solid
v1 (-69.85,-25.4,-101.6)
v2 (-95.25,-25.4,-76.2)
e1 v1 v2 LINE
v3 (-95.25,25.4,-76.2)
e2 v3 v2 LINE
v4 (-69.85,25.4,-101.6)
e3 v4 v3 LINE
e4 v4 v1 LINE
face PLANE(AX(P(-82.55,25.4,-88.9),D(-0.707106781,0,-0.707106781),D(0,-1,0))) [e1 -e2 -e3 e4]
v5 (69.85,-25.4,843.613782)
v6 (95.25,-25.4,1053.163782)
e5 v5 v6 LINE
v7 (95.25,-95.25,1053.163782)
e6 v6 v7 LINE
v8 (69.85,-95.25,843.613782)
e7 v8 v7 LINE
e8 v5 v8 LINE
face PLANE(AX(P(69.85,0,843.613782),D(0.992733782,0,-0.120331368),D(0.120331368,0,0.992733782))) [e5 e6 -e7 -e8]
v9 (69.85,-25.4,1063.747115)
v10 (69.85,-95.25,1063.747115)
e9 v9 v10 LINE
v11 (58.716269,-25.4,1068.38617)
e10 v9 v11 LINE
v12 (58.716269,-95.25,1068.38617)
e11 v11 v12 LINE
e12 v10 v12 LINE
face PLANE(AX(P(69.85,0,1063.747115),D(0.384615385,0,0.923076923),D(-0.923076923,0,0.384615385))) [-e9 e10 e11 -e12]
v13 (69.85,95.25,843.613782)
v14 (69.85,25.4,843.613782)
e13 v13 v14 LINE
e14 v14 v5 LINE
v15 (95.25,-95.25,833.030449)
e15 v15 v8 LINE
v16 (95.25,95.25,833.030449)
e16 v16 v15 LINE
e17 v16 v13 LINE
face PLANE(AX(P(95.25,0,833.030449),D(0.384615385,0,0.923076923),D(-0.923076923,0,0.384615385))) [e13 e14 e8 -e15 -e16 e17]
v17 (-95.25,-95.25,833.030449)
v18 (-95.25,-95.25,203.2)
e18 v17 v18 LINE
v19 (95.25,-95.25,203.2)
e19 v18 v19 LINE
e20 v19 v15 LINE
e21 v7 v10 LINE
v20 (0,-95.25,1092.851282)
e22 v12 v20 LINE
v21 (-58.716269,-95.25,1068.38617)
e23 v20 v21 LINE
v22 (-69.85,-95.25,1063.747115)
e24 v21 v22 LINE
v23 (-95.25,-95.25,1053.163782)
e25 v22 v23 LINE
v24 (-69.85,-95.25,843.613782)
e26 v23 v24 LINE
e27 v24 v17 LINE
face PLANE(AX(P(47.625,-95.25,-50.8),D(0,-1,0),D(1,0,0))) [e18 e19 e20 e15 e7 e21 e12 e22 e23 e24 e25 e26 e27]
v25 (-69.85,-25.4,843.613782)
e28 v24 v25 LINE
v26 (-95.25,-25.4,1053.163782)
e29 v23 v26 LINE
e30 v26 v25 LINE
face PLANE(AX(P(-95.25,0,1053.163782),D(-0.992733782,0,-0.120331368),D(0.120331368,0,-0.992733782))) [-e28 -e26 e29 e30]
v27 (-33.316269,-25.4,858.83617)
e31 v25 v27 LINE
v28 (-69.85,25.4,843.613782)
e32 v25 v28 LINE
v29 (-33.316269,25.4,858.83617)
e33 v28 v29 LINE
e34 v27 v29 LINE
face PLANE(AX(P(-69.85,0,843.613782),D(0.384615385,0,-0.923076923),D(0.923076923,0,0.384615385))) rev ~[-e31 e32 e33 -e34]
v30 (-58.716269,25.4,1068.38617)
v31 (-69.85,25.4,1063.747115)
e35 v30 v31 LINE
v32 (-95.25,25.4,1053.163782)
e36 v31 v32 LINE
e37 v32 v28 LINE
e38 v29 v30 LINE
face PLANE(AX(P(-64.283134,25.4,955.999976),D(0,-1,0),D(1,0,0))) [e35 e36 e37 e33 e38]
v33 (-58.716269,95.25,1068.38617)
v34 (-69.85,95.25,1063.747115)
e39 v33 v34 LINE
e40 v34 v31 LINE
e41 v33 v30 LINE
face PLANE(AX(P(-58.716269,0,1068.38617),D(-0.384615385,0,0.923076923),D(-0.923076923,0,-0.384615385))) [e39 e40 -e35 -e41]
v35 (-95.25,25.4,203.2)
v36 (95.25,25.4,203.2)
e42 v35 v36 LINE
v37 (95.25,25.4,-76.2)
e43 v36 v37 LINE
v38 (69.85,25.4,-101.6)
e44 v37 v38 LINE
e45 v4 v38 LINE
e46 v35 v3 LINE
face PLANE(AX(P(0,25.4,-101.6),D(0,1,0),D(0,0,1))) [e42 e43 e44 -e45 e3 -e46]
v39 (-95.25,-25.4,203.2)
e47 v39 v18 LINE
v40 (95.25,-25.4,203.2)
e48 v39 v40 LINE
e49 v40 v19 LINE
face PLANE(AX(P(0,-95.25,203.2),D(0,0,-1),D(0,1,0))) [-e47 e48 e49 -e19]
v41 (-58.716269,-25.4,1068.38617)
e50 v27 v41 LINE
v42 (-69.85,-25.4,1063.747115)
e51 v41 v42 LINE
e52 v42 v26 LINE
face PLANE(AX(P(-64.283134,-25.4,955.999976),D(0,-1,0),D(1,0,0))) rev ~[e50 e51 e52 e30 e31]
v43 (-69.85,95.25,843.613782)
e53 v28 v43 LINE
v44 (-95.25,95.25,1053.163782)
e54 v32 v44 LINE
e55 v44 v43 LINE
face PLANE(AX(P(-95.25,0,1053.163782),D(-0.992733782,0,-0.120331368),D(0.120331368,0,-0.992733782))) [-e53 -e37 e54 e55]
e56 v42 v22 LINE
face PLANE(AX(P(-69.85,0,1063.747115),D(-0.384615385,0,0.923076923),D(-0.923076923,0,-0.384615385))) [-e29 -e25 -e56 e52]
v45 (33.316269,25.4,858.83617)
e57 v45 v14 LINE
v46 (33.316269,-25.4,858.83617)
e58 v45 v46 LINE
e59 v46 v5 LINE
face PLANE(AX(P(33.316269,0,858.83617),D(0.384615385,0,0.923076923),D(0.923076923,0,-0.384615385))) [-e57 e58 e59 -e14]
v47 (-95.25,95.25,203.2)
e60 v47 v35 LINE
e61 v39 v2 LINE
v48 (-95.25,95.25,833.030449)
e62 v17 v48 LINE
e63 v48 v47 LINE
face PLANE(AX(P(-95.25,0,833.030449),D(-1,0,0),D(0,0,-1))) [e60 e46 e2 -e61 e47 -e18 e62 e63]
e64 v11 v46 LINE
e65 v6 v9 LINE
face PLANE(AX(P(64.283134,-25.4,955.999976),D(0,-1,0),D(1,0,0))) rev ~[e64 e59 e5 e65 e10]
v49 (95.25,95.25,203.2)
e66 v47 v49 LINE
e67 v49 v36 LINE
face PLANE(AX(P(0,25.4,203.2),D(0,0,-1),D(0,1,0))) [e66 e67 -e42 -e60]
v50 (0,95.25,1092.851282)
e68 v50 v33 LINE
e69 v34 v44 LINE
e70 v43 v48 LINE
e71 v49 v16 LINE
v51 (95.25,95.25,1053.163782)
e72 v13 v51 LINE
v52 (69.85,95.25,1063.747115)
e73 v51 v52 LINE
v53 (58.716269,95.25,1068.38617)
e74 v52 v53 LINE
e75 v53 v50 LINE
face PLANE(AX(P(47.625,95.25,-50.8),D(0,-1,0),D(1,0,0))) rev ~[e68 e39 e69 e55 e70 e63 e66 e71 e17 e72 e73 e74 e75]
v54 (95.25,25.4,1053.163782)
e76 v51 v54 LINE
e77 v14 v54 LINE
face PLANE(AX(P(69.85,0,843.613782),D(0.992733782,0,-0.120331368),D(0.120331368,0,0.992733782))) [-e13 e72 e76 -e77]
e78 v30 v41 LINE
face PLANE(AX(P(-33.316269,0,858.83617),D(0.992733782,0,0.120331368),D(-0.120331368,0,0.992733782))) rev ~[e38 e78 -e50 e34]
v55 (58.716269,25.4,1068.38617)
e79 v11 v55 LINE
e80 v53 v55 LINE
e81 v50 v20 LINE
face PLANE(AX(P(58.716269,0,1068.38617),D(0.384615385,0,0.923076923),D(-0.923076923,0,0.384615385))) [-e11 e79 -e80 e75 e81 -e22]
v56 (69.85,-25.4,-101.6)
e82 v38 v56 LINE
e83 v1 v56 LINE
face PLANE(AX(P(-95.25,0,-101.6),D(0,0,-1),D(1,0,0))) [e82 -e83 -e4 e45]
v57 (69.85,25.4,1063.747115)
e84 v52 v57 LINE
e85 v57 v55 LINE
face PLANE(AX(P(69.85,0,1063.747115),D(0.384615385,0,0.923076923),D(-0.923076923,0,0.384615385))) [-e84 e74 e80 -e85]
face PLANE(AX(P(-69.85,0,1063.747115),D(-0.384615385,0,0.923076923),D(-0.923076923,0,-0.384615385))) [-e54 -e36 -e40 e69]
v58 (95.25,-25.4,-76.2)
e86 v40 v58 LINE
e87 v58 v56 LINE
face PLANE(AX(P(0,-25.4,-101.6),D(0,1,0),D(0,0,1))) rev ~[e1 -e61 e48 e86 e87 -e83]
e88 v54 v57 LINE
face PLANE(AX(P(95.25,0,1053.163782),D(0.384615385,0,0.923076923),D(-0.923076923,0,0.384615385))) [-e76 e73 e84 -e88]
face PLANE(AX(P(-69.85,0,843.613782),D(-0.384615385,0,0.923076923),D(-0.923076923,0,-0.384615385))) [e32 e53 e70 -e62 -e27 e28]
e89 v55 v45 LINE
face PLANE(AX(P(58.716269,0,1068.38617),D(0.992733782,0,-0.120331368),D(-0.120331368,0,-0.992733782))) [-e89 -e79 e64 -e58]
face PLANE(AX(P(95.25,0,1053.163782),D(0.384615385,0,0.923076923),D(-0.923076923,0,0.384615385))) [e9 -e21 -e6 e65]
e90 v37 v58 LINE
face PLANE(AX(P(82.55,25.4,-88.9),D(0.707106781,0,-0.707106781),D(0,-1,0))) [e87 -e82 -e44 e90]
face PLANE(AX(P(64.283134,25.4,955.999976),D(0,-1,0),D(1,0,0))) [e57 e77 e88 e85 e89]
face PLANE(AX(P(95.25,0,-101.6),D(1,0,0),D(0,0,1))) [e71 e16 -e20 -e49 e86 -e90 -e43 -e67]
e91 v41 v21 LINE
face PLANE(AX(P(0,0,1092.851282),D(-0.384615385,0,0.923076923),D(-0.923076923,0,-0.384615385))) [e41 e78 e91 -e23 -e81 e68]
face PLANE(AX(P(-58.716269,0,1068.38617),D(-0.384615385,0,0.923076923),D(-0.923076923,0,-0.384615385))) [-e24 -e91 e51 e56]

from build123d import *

# Parameters (mm, degrees)
F0_W          = 95.25
F0_H          = 101.6
F1_DEPTH      = 95.25
F2_W          = 69.85
F2_H          = 304.8
F3_DEPTH      = 95.251
F3_DEPTH_BACK = 95.251
F5_SIZE       = 25.4
F6_SIZE       = 25.4
F8_DEPTH      = 25.4


with BuildPart() as f1:
    # F0 (on Front) → F1 (new body, symmetric)
    with BuildSketch(Plane.XZ):
        with Locations((47.625, -50.8)):
            Rectangle(F0_W, F0_H)
        with Locations((-47.625, -50.8)):
            Rectangle(F0_W, F0_H)
        Polygon((95.25, 203.2), (-95.25, 203.2), (-95.25, 0), (0, 0), (95.25, 0), align=None)
        Polygon((33.3162687146, 858.8361700868), (0, 872.7179487179), (-33.3162687146, 858.8361700868), (-69.85, 843.6137820513), (-95.25, 833.0304487179), (-95.25, 203.2), (95.25, 203.2), (95.25, 833.0304487179), (69.85, 843.6137820513), align=None)
        Polygon((0, 872.7179487179), (0, 1092.8512820513), (-58.7162687146, 1068.3861700868), (-33.3162687146, 858.8361700868), align=None)
        Polygon((58.7162687146, 1068.3861700868), (0, 1092.8512820513), (0, 872.7179487179), (33.3162687146, 858.8361700868), align=None)
        Polygon((-33.3162687146, 858.8361700868), (-58.7162687146, 1068.3861700868), (-69.85, 1063.7471153846), (-69.85, 843.6137820513), align=None)
        Polygon((69.85, 1063.7471153846), (58.7162687146, 1068.3861700868), (33.3162687146, 858.8361700868), (69.85, 843.6137820513), align=None)
        Polygon((-69.85, 1063.7471153846), (-95.25, 1053.1637820513), (-69.85, 843.6137820513), align=None)
        Polygon((69.85, 843.6137820513), (95.25, 1053.1637820513), (69.85, 1063.7471153846), align=None)
    extrude(amount=F1_DEPTH, both=True)

    # F2 (on Right) → F3 (cut, two sides)
    with BuildSketch(Plane.YZ) as f3_sk:
        with Locations((-60.325, 50.8)):
            Rectangle(F2_W, F2_H)
        with Locations((60.325, 50.8)):
            Rectangle(F2_W, F2_H)
    extrude(amount=-F3_DEPTH, mode=Mode.SUBTRACT)
    extrude(f3_sk.sketch, amount=F3_DEPTH_BACK, mode=Mode.SUBTRACT)

    # F5
    f5_edges = [f1.edges().sort_by_distance(p)[0] for p in [
        (95.25, 0, -101.6),
    ]]
    chamfer(f5_edges, length=F5_SIZE)

    # F6
    f6_edges = [f1.edges().sort_by_distance(p)[0] for p in [
        (-95.25, 0, -101.6),
    ]]
    chamfer(f6_edges, length=F6_SIZE)

    # F7 (on Front) → F8 (cut, symmetric)
    with BuildSketch(Plane.XZ):
        Polygon((58.7162687146, 1068.3861700868), (33.3162687146, 858.8361700868), (69.85, 843.6137820513), (95.25, 1053.1637820513), align=None)
        Polygon((-33.3162687146, 858.8361700868), (-58.7162687146, 1068.3861700868), (-95.25, 1053.1637820513), (-69.85, 843.6137820513), align=None)
    extrude(amount=F8_DEPTH, both=True, mode=Mode.SUBTRACT)


solid = f1.part
